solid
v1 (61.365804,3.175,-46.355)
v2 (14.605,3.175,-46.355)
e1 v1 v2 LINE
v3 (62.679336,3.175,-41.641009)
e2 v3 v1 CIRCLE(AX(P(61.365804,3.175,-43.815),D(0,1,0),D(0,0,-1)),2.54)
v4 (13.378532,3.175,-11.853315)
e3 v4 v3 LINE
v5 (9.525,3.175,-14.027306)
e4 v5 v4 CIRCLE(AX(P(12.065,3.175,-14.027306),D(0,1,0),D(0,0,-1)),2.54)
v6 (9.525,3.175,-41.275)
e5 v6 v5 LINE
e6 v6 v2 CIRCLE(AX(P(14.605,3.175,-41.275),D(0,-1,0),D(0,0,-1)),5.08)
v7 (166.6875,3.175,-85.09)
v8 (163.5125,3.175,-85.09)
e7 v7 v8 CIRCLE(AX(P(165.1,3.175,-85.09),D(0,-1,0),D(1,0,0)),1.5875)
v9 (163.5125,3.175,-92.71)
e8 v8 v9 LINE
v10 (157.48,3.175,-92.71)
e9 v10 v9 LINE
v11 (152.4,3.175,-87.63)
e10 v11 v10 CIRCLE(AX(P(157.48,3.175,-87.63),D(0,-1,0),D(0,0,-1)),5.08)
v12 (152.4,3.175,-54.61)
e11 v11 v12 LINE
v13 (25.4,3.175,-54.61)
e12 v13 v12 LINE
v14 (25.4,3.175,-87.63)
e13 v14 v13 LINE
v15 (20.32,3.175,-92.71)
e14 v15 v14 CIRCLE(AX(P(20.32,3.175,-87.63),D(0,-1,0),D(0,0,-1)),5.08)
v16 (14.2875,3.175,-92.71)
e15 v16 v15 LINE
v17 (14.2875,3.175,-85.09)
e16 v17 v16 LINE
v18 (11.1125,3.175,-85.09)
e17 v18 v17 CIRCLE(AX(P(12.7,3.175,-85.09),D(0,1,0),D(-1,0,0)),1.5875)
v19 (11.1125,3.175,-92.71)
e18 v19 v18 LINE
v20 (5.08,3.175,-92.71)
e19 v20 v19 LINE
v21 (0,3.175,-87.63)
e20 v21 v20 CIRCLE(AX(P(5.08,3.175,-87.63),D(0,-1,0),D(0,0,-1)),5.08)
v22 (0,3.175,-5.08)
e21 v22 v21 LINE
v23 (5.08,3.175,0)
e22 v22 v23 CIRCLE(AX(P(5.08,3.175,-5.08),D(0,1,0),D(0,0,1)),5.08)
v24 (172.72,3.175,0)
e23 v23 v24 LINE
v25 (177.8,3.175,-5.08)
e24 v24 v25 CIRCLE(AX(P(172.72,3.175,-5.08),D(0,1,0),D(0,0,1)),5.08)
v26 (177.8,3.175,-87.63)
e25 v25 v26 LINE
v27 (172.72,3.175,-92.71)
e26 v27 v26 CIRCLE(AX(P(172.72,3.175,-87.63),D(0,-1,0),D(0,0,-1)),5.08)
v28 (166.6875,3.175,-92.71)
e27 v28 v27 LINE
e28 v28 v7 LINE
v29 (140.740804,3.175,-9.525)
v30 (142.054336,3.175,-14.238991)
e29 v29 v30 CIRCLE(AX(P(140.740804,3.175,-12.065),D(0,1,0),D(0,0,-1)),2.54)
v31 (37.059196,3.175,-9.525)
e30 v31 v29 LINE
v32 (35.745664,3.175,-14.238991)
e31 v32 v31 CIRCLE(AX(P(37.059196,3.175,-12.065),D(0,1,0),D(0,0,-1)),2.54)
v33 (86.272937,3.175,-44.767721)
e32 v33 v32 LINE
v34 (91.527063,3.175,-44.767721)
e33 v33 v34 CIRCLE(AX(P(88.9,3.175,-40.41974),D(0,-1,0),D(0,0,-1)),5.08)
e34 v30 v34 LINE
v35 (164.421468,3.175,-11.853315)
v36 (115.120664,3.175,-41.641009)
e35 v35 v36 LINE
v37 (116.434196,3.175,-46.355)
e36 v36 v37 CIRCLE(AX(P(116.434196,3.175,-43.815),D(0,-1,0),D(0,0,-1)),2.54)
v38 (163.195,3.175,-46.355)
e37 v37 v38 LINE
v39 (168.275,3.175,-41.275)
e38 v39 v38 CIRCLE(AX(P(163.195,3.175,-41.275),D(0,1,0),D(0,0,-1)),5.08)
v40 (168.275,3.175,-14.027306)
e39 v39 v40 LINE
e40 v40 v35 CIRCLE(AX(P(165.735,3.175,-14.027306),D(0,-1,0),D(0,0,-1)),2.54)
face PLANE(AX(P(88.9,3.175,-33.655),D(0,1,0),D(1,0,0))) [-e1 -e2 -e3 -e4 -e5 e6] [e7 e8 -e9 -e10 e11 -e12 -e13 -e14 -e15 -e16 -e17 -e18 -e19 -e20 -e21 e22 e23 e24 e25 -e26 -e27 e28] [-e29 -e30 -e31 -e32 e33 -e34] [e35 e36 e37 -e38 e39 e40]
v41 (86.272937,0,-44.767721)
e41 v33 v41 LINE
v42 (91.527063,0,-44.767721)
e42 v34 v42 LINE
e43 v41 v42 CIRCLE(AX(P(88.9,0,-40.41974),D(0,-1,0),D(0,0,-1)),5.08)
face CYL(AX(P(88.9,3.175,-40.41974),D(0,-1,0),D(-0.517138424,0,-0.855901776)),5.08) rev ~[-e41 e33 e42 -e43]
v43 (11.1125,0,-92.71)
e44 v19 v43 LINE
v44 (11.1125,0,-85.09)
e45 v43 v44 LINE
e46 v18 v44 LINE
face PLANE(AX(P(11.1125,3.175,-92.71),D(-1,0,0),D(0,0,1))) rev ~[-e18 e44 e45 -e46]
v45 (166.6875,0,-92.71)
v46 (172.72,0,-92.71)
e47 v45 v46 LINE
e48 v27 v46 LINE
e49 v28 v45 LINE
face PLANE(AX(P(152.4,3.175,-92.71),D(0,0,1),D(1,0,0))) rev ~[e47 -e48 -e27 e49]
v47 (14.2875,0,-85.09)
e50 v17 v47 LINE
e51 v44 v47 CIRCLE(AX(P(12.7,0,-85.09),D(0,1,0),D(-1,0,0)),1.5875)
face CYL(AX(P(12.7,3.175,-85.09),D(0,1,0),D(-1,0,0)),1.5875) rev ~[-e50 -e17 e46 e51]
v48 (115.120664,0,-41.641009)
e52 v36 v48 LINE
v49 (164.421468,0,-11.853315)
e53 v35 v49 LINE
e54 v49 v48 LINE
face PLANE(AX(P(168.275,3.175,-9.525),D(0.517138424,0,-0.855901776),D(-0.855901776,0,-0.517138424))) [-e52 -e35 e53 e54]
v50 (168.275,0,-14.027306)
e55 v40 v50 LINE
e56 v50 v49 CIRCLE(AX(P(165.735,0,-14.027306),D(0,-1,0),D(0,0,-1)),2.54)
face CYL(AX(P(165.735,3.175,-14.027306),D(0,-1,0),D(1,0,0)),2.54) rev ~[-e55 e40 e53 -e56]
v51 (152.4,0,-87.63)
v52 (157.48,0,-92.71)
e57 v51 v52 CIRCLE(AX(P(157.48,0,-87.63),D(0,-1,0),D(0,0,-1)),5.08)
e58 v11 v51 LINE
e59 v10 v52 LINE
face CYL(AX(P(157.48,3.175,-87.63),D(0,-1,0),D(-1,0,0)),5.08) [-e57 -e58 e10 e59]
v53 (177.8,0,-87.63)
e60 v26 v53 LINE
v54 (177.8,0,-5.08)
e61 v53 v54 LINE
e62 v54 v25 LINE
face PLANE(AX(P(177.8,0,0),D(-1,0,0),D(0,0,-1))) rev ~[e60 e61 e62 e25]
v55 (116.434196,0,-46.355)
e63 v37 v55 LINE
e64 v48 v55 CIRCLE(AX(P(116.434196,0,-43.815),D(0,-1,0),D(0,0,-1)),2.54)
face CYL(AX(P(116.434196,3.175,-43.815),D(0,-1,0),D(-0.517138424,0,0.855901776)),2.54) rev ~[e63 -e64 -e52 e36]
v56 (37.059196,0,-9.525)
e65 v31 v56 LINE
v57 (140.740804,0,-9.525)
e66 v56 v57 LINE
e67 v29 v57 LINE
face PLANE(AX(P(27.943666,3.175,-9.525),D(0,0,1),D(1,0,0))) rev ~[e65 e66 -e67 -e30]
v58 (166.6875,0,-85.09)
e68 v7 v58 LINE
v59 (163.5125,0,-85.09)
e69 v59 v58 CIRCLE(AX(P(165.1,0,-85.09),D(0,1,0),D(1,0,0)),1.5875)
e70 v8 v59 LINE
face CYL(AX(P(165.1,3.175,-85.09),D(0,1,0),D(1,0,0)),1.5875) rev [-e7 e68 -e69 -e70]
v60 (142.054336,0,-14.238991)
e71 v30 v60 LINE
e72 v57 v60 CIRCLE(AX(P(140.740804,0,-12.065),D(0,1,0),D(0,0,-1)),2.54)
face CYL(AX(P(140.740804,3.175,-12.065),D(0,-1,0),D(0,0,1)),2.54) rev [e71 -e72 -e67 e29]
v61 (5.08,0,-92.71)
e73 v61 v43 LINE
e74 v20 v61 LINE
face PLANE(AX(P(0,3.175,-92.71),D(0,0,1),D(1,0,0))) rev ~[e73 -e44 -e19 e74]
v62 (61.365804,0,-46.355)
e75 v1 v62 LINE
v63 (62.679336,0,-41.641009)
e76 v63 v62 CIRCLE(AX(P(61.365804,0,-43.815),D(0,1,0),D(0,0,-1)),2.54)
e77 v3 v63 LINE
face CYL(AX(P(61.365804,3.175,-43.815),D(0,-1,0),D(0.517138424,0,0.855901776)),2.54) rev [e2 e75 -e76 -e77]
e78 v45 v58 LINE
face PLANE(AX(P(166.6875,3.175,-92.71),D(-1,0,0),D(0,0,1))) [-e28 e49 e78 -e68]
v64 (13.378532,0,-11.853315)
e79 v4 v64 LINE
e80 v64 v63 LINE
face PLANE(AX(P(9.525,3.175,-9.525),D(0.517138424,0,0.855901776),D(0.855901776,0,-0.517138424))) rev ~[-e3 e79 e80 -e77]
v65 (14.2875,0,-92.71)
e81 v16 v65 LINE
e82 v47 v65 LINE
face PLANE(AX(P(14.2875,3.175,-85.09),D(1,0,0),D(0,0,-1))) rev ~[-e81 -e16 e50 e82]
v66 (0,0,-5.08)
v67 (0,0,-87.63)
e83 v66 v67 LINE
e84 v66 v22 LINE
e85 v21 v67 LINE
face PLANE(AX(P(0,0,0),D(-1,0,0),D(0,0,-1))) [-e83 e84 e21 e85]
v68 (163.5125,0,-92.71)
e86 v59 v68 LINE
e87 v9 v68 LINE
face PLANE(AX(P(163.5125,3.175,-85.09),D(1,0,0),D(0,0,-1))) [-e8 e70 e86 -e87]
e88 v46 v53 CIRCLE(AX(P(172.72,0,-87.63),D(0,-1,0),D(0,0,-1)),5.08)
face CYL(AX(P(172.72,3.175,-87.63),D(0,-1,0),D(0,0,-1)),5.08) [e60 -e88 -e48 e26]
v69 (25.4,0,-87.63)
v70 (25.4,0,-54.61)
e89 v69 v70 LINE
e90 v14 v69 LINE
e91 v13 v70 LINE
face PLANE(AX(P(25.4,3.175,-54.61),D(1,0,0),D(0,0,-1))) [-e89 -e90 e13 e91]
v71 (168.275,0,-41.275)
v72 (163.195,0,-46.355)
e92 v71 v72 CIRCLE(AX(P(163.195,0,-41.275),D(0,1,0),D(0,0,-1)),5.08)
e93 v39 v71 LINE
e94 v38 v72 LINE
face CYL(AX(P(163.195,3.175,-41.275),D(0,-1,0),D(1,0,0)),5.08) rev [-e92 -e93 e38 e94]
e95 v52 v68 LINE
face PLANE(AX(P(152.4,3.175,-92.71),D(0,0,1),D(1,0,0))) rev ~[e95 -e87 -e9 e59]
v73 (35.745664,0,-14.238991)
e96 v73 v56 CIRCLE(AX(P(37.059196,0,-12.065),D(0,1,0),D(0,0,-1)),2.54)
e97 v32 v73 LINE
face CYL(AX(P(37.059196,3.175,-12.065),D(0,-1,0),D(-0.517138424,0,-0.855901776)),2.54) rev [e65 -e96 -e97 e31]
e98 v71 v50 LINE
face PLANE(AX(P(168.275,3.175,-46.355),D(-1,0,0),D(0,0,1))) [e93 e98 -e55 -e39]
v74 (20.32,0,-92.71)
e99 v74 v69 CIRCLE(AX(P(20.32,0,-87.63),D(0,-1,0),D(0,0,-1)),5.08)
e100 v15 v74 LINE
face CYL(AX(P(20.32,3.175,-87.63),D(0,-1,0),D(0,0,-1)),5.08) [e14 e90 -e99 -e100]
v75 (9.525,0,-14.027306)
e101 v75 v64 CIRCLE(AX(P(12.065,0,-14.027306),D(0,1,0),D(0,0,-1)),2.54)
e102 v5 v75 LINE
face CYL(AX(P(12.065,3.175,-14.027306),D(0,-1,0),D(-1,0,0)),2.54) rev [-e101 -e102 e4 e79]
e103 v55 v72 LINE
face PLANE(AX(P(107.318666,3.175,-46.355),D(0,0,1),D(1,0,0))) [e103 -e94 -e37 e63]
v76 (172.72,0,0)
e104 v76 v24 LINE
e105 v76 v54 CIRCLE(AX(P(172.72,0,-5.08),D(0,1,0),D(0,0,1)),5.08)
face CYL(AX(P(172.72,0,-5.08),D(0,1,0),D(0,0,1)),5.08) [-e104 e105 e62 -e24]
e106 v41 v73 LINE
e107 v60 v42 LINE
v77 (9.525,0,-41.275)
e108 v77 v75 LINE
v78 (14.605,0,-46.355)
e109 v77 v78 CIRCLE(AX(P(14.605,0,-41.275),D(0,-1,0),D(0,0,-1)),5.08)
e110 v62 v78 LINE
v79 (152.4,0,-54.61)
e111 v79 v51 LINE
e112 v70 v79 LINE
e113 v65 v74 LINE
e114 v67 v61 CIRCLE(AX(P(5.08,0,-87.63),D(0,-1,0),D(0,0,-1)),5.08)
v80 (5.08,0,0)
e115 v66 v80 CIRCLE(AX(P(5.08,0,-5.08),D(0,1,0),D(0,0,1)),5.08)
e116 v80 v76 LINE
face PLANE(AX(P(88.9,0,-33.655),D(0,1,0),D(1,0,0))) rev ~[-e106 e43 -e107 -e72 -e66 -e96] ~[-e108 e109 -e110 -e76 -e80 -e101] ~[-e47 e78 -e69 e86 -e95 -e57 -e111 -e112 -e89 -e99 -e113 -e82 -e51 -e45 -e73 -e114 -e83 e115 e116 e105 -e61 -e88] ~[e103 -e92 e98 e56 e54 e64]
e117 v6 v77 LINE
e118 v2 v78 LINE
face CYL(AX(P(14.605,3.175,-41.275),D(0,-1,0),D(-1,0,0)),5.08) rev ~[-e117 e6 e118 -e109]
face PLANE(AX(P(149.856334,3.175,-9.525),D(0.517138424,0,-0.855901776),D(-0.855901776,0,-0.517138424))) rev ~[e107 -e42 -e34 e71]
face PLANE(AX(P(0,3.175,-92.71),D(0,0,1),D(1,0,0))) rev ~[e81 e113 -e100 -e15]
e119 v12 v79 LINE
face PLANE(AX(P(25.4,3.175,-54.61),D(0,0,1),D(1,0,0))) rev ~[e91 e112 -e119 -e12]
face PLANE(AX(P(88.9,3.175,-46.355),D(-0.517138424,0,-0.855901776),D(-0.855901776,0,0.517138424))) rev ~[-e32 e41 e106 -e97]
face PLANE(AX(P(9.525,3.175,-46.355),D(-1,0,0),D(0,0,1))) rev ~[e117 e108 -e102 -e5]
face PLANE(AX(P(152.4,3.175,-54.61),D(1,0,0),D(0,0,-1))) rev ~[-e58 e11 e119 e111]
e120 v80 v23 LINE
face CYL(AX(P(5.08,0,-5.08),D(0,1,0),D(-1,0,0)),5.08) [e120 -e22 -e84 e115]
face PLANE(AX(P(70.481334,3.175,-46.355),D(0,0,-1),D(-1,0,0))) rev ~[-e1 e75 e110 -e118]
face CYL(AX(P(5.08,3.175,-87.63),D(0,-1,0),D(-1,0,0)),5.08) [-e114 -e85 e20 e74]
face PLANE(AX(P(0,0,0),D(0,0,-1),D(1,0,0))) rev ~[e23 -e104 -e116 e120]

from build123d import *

# Parameters (mm, degrees)
SKETCH1_W           = 177.8
SKETCH1_H           = 67.31
BOSS_EXTRUDE1_DEPTH = 3.175
CUT_EXTRUDE1_DEPTH  = 4.175
CUT_EXTRUDE2_DEPTH  = 4.175
SKETCH5_W           = 127
SKETCH5_H           = 12.7
CUT_EXTRUDE3_DEPTH  = 4.175
FILLET1_R           = 5.08
FILLET2_R           = 2.54
SKETCH7_W           = 25.4
SKETCH7_H           = 38.1
BOSS_EXTRUDE2_DEPTH = 3.175
CUT_EXTRUDE4_DEPTH  = 4.175
FILLET3_R           = 5.08


with BuildPart() as part:
    # Sketch1 → Boss-Extrude1 (new body)
    with BuildSketch(Plane(origin=(0, 0, 0), x_dir=(1, 0, 0), z_dir=(0, 1, 0))):
        with Locations((88.9, 33.655)):
            Rectangle(SKETCH1_W, SKETCH1_H)
    extrude(amount=BOSS_EXTRUDE1_DEPTH)

    # Sketch3 → Cut-Extrude1 (cut, through all)
    with BuildSketch(Plane(origin=(0, 3.175, 0), x_dir=(1, 0, 0), z_dir=(0, 1, 0))):
        Polygon((88.9, 46.355), (27.943666175, 9.525), (149.856333825, 9.525), align=None)
        Polygon((9.525, 46.355), (9.525, 9.525), (70.481333825, 46.355), align=None)
        Polygon((168.275, 9.525), (107.318666175, 46.355), (168.275, 46.355), align=None)
    extrude(amount=-CUT_EXTRUDE1_DEPTH, mode=Mode.SUBTRACT)

    # Sketch4 → Cut-Extrude2 (cut, through all)
    with BuildSketch(Plane(origin=(0, 3.175, 0), x_dir=(1, 0, 0), z_dir=(0, 1, 0))):
        with BuildLine():
            Line((11.1125, 67.31), (11.1125, 62.23))
            ThreePointArc((11.1125, 62.23), (12.7, 60.6425), (14.2875, 62.23))
            Line((14.2875, 62.23), (14.2875, 67.31))
            Line((14.2875, 67.31), (11.1125, 67.31))
        make_face()
        with BuildLine():
            Line((166.6875, 67.31), (166.6875, 62.23))
            ThreePointArc((166.6875, 62.23), (165.1, 60.6425), (163.5125, 62.23))
            Line((163.5125, 62.23), (163.5125, 67.31))
            Line((163.5125, 67.31), (166.6875, 67.31))
        make_face()
    extrude(amount=-CUT_EXTRUDE2_DEPTH, mode=Mode.SUBTRACT)

    # Sketch5 → Cut-Extrude3 (cut, through all)
    with BuildSketch(Plane(origin=(0, 3.175, 0), x_dir=(1, 0, 0), z_dir=(0, 1, 0))):
        with Locations((88.9, 60.96)):
            Rectangle(SKETCH5_W, SKETCH5_H)
    extrude(amount=-CUT_EXTRUDE3_DEPTH, mode=Mode.SUBTRACT)

    # Fillet1
    fillet1_edges = [part.edges().sort_by_distance(p)[0] for p in [
        (88.9, 1.5875, -46.355),
        (9.525, 1.5875, -46.355),
        (168.275, 1.5875, -46.355),
        (0, 1.5875, -67.31),
        (177.8, 1.5875, -67.31),
        (177.8, 1.5875, 0),
        (0, 1.5875, 0),
        (25.4, 1.5875, -67.31),
        (152.4, 1.5875, -67.31),
    ]]
    fillet(fillet1_edges, radius=FILLET1_R)

    # Fillet2
    fillet2_edges = [part.edges().sort_by_distance(p)[0] for p in [
        (149.856333825, 1.5875, -9.525),
        (27.943666175, 1.5875, -9.525),
        (70.481333825, 1.5875, -46.355),
        (9.525, 1.5875, -9.525),
        (168.275, 1.5875, -9.525),
        (107.318666175, 1.5875, -46.355),
    ]]
    fillet(fillet2_edges, radius=FILLET2_R)

    # Sketch7 → Boss-Extrude2 (add)
    with BuildSketch(Plane(origin=(0, 3.175, 0), x_dir=(1, 0, 0), z_dir=(0, 1, 0))):
        with Locations((12.7, 73.66)):
            Rectangle(SKETCH7_W, SKETCH7_H)
        with Locations((165.1, 73.66)):
            Rectangle(SKETCH7_W, SKETCH7_H)
    extrude(amount=-BOSS_EXTRUDE2_DEPTH)

    # Sketch8 → Cut-Extrude4 (cut, through all)
    with BuildSketch(Plane(origin=(0, 3.175, 0), x_dir=(1, 0, 0), z_dir=(0, 1, 0))):
        with BuildLine():
            Line((11.1125, 92.71), (11.1125, 85.09))
            ThreePointArc((11.1125, 85.09), (12.7, 83.5025), (14.2875, 85.09))
            Line((14.2875, 85.09), (14.2875, 92.71))
            Line((14.2875, 92.71), (11.1125, 92.71))
        make_face()
        with BuildLine():
            Line((163.5125, 85.09), (163.5125, 92.71))
            Line((163.5125, 92.71), (166.6875, 92.71))
            Line((166.6875, 92.71), (166.6875, 85.09))
            ThreePointArc((166.6875, 85.09), (165.1, 83.5025), (163.5125, 85.09))
        make_face()
    extrude(amount=-CUT_EXTRUDE4_DEPTH, mode=Mode.SUBTRACT)

    # Fillet3
    fillet3_edges = [part.edges().sort_by_distance(p)[0] for p in [
        (25.4, 1.5875, -92.71),
        (0, 1.5875, -92.71),
        (177.8, 1.5875, -92.71),
        (152.4, 1.5875, -92.71),
    ]]
    fillet(fillet3_edges, radius=FILLET3_R)


solid = part.part
